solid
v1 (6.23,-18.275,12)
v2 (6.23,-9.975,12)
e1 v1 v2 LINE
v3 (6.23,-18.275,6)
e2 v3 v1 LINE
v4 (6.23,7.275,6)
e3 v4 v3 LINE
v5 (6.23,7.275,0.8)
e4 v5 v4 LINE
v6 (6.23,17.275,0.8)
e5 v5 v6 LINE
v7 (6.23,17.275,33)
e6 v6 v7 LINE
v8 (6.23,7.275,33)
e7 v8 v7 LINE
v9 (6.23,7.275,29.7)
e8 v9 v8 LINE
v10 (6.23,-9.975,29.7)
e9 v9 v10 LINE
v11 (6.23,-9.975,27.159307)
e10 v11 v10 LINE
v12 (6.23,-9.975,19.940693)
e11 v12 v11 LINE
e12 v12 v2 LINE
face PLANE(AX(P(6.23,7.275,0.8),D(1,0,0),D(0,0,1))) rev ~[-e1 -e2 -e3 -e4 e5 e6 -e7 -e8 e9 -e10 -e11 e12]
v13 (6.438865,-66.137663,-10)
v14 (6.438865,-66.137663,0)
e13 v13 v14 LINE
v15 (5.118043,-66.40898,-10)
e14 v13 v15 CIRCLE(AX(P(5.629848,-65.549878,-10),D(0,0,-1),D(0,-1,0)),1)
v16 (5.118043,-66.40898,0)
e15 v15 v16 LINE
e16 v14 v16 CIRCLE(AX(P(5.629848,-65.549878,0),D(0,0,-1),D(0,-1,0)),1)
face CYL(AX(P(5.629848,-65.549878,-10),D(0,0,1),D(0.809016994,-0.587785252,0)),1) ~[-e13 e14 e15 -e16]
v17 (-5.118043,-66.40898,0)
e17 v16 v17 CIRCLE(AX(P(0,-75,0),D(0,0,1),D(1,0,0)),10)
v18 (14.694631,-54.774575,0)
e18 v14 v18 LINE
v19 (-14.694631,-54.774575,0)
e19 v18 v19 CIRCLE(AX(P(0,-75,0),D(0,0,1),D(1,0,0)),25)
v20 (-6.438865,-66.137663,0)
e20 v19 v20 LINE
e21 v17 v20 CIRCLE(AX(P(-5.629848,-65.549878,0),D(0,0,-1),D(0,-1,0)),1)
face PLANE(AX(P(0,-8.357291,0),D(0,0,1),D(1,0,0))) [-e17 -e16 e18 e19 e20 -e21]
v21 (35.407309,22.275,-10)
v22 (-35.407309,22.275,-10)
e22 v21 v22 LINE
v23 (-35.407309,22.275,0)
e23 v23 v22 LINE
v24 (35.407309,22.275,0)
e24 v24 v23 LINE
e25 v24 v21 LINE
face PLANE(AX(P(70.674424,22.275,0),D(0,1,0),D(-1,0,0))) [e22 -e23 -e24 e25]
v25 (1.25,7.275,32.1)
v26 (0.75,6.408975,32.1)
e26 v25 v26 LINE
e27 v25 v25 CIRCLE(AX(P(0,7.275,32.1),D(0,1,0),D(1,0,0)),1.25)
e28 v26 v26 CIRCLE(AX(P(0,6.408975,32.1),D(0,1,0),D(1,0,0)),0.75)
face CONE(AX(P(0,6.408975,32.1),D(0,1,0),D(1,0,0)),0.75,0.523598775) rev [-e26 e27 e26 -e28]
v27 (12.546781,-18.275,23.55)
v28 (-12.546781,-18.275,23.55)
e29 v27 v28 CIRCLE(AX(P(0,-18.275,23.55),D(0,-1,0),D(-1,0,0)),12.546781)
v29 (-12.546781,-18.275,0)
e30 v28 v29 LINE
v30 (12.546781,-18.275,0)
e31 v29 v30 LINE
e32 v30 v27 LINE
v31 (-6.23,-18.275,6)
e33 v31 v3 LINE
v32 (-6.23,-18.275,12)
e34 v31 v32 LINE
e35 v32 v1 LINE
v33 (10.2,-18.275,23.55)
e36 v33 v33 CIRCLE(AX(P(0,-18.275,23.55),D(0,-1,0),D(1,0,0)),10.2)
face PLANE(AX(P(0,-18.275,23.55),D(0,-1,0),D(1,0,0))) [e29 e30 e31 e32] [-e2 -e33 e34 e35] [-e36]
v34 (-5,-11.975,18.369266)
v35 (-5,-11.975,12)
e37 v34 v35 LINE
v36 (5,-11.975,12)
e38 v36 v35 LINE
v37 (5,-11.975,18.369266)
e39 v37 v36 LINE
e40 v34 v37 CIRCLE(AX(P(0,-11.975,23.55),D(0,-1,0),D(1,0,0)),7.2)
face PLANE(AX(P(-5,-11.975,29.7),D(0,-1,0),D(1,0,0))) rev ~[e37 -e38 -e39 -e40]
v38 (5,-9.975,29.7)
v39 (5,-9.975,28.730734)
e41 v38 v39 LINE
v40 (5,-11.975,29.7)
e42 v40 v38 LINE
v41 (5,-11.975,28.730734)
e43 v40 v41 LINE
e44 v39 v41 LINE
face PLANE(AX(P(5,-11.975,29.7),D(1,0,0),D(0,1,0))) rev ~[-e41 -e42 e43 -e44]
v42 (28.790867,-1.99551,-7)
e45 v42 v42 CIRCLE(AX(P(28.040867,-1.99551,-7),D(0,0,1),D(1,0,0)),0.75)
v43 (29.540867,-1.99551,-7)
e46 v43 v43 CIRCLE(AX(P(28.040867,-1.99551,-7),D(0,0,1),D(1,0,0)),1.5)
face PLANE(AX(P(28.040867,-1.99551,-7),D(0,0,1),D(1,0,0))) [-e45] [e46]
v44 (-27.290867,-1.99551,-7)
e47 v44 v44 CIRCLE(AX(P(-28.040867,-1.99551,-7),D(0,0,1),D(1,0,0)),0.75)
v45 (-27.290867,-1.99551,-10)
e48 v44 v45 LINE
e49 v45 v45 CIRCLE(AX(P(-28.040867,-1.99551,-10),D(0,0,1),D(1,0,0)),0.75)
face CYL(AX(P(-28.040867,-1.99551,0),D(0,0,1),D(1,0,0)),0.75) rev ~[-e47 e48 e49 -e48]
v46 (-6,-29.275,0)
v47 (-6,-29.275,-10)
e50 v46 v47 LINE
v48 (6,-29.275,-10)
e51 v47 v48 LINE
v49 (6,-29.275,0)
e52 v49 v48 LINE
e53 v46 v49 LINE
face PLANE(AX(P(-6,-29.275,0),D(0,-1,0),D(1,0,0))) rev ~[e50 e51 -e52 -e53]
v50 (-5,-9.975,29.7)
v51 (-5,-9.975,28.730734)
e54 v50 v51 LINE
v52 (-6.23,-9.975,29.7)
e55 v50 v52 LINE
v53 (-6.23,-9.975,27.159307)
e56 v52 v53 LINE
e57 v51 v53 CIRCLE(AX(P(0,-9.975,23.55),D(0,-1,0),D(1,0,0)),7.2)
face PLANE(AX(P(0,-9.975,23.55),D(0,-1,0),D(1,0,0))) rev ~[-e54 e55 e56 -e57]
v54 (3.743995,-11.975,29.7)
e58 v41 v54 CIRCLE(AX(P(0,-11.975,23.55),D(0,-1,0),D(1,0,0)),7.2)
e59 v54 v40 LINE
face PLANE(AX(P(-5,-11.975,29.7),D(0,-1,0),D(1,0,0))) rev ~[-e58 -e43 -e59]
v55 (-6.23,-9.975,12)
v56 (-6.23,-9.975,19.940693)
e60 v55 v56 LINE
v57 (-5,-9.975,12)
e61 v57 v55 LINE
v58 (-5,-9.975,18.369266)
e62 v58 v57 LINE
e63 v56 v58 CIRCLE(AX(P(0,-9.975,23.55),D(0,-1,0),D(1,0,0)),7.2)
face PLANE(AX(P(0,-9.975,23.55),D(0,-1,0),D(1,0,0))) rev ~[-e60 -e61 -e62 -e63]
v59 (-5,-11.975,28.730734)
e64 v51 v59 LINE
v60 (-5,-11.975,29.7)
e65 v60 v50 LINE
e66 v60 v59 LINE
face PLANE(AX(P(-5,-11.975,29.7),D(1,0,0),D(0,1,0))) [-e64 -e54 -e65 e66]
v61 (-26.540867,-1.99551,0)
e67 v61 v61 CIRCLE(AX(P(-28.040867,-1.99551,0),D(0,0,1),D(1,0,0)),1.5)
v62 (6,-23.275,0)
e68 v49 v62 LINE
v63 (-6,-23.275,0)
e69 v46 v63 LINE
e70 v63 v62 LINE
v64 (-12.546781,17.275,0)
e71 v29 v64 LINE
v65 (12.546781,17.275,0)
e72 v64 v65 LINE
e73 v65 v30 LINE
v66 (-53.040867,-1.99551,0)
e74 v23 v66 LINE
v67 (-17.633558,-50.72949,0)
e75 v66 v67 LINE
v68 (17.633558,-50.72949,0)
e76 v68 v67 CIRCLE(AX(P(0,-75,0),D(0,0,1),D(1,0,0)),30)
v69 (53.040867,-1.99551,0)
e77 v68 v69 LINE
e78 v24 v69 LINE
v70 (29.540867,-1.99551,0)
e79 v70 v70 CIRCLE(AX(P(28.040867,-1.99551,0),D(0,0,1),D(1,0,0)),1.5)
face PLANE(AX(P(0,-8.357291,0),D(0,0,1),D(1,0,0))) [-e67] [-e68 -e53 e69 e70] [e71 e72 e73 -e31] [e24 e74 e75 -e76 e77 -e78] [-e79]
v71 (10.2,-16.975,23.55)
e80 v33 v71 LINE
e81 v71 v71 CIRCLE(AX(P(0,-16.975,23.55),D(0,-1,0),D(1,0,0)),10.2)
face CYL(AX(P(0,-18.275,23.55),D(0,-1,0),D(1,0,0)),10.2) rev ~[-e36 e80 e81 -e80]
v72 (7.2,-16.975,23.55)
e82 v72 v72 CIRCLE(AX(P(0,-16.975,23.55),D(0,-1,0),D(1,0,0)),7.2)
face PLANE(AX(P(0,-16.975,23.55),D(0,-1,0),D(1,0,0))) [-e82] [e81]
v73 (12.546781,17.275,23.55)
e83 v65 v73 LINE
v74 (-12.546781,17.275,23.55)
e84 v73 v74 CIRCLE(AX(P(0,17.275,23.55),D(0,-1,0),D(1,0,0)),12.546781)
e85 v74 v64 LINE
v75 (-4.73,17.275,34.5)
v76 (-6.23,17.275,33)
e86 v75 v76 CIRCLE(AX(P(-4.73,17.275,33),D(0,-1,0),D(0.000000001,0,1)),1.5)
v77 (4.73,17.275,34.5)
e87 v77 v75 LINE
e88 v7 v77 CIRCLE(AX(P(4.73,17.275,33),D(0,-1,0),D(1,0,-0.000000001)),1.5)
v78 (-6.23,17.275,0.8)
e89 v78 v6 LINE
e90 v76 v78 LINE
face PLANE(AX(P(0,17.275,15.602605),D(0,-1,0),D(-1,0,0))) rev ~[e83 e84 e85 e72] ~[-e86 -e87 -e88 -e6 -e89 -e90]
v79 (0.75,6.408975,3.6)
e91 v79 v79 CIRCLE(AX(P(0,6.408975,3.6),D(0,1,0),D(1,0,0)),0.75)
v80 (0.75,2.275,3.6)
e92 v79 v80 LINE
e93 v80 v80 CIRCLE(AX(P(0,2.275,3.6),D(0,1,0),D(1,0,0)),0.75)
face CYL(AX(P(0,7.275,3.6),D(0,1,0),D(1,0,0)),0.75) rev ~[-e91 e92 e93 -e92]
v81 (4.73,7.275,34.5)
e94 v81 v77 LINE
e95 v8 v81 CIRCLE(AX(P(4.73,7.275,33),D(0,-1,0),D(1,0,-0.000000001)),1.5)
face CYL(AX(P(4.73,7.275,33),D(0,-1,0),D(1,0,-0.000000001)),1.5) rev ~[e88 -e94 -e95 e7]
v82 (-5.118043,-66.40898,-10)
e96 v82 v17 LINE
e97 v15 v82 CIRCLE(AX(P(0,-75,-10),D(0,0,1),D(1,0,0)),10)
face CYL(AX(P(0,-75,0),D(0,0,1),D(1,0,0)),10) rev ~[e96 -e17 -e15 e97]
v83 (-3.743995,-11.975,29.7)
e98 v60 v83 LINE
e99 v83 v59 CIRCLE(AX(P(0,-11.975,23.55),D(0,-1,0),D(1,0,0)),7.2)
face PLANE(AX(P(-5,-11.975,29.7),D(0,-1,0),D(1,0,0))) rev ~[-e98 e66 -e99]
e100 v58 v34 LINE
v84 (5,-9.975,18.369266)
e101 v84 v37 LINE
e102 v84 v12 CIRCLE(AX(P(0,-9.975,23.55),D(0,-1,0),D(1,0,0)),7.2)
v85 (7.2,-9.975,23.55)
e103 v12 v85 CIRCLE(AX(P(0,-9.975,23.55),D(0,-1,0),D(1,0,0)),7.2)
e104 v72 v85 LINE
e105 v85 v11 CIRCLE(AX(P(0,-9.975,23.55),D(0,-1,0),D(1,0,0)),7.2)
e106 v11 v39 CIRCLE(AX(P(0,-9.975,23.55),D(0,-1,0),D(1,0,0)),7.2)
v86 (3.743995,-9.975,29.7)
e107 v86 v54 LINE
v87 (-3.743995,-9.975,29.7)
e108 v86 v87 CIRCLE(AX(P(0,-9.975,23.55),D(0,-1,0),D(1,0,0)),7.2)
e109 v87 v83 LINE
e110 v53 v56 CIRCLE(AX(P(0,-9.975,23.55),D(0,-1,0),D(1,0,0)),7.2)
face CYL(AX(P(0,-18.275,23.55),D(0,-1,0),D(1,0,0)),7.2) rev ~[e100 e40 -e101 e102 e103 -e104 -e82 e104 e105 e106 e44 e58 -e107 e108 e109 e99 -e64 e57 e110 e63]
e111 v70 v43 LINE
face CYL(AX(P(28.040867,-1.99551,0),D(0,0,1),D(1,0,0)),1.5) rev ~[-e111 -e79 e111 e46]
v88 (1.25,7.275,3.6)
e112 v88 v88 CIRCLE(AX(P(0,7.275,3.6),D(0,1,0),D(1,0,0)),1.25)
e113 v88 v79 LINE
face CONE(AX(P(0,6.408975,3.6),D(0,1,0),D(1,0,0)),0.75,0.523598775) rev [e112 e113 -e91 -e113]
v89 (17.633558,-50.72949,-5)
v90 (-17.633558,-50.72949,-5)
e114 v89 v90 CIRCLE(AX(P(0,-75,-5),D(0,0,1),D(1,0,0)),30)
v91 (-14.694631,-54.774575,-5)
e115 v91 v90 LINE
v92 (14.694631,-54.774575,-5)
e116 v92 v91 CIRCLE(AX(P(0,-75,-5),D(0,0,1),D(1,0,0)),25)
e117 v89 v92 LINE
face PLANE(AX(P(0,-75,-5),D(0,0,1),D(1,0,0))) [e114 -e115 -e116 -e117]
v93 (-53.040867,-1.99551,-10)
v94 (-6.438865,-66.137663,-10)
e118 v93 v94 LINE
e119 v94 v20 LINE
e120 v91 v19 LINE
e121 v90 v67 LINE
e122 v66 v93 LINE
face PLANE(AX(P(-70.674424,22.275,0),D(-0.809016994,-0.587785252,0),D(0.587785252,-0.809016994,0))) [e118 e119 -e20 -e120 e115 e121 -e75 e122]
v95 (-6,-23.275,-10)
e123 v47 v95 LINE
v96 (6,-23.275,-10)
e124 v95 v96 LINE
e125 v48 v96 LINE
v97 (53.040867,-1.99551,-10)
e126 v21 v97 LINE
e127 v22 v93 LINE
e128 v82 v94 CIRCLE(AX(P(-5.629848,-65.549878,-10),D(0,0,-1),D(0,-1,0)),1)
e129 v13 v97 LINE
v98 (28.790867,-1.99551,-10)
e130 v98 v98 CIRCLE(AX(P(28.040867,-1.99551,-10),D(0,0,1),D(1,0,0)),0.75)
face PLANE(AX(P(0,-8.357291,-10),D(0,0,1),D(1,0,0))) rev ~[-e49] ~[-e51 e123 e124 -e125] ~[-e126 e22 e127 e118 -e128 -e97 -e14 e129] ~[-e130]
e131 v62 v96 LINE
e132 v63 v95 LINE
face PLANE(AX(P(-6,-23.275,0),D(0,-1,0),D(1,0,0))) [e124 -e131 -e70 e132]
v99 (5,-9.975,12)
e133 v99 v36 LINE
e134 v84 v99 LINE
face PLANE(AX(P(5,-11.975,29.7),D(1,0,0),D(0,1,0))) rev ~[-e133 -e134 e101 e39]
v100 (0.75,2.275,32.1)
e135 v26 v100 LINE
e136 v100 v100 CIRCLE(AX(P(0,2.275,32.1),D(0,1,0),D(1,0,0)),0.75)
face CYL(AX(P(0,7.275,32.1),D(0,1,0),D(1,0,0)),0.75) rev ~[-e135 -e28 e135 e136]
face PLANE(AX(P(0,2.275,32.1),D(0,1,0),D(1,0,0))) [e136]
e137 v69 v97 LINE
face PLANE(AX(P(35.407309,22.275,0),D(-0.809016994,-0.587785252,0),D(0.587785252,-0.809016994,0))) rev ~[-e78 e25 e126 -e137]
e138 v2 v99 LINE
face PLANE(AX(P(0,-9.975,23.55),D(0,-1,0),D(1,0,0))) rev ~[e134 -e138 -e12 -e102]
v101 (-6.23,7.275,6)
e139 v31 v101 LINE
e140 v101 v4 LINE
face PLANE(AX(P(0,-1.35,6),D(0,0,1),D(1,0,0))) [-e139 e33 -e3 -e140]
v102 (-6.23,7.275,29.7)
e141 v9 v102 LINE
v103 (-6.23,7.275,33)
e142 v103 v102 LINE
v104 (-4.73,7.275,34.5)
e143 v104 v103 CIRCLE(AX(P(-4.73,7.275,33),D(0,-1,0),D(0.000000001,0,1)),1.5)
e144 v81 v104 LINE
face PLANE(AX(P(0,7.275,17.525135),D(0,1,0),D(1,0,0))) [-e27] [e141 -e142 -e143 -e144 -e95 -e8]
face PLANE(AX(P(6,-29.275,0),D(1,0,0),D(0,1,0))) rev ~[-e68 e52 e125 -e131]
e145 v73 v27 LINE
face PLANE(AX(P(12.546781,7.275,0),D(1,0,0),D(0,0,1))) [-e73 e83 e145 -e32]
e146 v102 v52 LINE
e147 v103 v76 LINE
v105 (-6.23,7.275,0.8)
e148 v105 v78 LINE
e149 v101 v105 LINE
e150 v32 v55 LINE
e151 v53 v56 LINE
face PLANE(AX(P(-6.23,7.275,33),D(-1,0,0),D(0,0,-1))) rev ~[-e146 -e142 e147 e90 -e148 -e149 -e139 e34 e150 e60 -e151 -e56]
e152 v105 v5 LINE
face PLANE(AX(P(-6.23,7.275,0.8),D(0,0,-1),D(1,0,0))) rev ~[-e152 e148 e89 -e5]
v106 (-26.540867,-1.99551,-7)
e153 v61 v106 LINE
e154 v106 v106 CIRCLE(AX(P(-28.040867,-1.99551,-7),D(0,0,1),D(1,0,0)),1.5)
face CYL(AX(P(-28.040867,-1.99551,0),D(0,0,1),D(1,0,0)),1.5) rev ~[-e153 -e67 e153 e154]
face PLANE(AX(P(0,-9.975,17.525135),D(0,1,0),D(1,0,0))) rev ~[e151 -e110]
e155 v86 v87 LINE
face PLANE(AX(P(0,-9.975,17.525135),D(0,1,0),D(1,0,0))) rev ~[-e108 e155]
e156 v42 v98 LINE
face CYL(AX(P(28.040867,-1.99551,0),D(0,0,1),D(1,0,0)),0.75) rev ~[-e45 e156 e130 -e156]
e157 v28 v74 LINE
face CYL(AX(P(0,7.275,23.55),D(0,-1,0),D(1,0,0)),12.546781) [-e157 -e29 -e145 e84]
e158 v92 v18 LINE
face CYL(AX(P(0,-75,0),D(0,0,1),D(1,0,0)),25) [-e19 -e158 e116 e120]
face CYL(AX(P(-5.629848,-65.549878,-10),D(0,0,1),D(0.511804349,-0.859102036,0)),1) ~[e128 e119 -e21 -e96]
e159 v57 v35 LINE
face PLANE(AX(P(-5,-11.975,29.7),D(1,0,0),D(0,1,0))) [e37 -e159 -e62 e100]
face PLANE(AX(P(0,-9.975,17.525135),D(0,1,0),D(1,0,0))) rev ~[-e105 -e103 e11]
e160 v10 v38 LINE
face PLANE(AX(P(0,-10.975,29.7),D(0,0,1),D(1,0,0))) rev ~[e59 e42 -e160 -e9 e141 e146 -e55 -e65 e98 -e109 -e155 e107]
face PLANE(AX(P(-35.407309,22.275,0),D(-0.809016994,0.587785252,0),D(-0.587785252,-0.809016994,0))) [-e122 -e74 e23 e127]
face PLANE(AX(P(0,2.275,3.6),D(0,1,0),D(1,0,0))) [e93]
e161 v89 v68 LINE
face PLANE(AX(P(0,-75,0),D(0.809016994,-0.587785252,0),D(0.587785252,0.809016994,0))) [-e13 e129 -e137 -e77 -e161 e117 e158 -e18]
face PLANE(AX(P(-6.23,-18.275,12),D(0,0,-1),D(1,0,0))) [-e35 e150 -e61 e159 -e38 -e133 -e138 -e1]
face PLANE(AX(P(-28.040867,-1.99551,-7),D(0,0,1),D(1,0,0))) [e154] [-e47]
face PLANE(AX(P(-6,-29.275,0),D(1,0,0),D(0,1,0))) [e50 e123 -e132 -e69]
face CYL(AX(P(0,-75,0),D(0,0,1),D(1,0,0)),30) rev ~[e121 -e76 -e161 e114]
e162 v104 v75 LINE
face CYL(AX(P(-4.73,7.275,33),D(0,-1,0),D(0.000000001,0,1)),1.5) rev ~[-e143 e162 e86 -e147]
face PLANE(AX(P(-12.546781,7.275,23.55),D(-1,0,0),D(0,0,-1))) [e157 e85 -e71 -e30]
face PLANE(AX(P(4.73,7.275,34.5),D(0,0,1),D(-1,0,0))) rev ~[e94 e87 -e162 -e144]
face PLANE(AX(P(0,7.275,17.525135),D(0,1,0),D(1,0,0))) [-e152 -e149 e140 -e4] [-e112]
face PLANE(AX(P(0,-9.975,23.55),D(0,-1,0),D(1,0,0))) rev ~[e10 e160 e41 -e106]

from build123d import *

# Parameters (mm, degrees)
SKETCH4_W                = 12.46
SKETCH4_H                = 17.25
BOSS_EXTRUDE3_DEPTH      = 6
SKETCH8_R                = 12.546781182
SKETCH8_R_2              = 11.15
BOSS_EXTRUDE6_DEPTH      = 8.3
BOSS_EXTRUDE6_DEPTH_BACK = 17.25
BOSS_EXTRUDE4_DEPTH      = 17.25
SKETCH6_R                = 0.75
CUT_EXTRUDE1_DEPTH       = 5
CHAMFER1_SIZE            = 0.5
CHAMFER1_SIZE2           = 0.866025404
SKETCH10_W               = 12.46
SKETCH10_H               = 23.7
CUT_EXTRUDE3_DEPTH       = 17.25
BOSS_EXTRUDE7_DEPTH      = 8.3
BOSS_EXTRUDE9_DEPTH      = 10
SKETCH16_R               = 11.15
SKETCH16_R_2             = 7.2
BOSS_EXTRUDE10_DEPTH     = 8.3
SKETCH17_R               = 10.2
SKETCH17_R_2             = 7.2
CUT_EXTRUDE5_DEPTH       = 1.3
SKETCH11_W               = 10
SKETCH11_H               = 2
CUT_EXTRUDE4_DEPTH       = 23.7
CUT_EXTRUDE7_REACH       = 37.55
SKETCH19_W               = 12.46
SKETCH19_H               = 6
OFFSET_R_DEPTH           = 10
SKETCH21_R               = 30
SKETCH21_R_2             = 25
CUT_EXTRUDE9_DEPTH       = 5
SKETCH22_W               = 12
SKETCH22_H               = 6
CUT_EXTRUDE10_DEPTH      = 11
SKETCH20_R               = 10
CUT_EXTRUDE8_DEPTH       = 10
FILLET1_R                = 1
CUT_EXTRUDE11_DEPTH      = 11
SKETCH24_R               = 0.75
CUT_EXTRUDE12_DEPTH      = 11
SKETCH25_R               = 1.5
CUT_EXTRUDE13_DEPTH      = 7


with BuildPart() as part:
    # Sketch4 → Boss-Extrude3 (new body)
    with BuildSketch(Plane.XY):
        with Locations((0, -1.35)):
            Rectangle(SKETCH4_W, SKETCH4_H)
    extrude(amount=BOSS_EXTRUDE3_DEPTH)



with BuildPart() as body_2:
    # Sketch8 → Boss-Extrude6 (new body, two sides)
    with BuildSketch(Plane(origin=(0, -9.975, 0), x_dir=(-1, 0, 0), z_dir=(0, -1, 0))) as boss_extrude6_sk:
        with Locations((0, -23.55)):
            Circle(SKETCH8_R)
        with Locations((0, -23.55)):
            Circle(SKETCH8_R_2, mode=Mode.SUBTRACT)
    extrude(amount=BOSS_EXTRUDE6_DEPTH)
    extrude(boss_extrude6_sk.sketch, amount=-BOSS_EXTRUDE6_DEPTH_BACK)


with BuildPart() as part_1:
    add(part.part)

    add(body_2.part)  # Boss-Extrude4 merges body 2
    # Sketch5 → Boss-Extrude4 (add)
    with BuildSketch(Plane(origin=(0, 7.275, 0), x_dir=(1, 0, 0), z_dir=(0, 1, 0))):
        with BuildLine():
            Line((12.546781182, -23.55), (12.546781182, 0))
            Line((12.546781182, 0), (6.23, 0))
            Line((6.23, 0), (6.23, -29.7))
            Line((6.23, -29.7), (-6.23, -29.7))
            Line((-6.23, -29.7), (-6.23, 0))
            Line((-6.23, 0), (-12.546781182, 0))
            Line((-12.546781182, 0), (-12.546781182, -23.55))
            ThreePointArc((-12.546781182, -23.55), (0, -36.096781182), (12.546781182, -23.55))
        make_face()
    extrude(amount=-BOSS_EXTRUDE4_DEPTH)

    # Sketch6 → Cut-Extrude1 (cut)
    with BuildSketch(Plane(origin=(0, 7.275, 0), x_dir=(1, 0, 0), z_dir=(0, 1, 0))):
        with Locations((0, -3.6)):
            Circle(SKETCH6_R)
        with Locations((0, -32.1)):
            Circle(SKETCH6_R)
    extrude(amount=-CUT_EXTRUDE1_DEPTH, mode=Mode.SUBTRACT)

    # Chamfer1
    chamfer1_edges = [part_1.edges().sort_by_distance(p)[0] for p in [
        (-0.75, 7.275, 3.6),
        (-0.75, 7.275, 32.1),
    ]]
    chamfer1_side = [part_1.faces().sort_by_distance(p)[0] for p in [
        (0, 7.275, 35.657160381),
    ]]
    chamfer(chamfer1_edges, length=CHAMFER1_SIZE, length2=CHAMFER1_SIZE2, reference=chamfer1_side[0])

    # Sketch10 → Cut-Extrude3 (cut)
    with BuildSketch(Plane(origin=(0, 7.275, 0), x_dir=(1, 0, 0), z_dir=(0, 1, 0))):
        with Locations((0, -17.85)):
            Rectangle(SKETCH10_W, SKETCH10_H)
    extrude(amount=-CUT_EXTRUDE3_DEPTH, mode=Mode.SUBTRACT)

    # Sketch13 → Boss-Extrude7 (add)
    with BuildSketch(Plane.XZ.offset(18.275)):
        with BuildLine():
            Line((-12.546781182, 23.55), (-12.546781182, 0))
            Line((-12.546781182, 0), (12.546781182, 0))
            Line((12.546781182, 0), (12.546781182, 23.55))
            ThreePointArc((12.546781182, 23.55), (0, 11.003218818), (-12.546781182, 23.55))
        make_face()
    extrude(amount=-BOSS_EXTRUDE7_DEPTH)

    # Sketch15 → Boss-Extrude9 (add)
    with BuildSketch(Plane(origin=(0, 7.275, 0), x_dir=(1, 0, 0), z_dir=(0, 1, 0))):
        with BuildLine():
            Line((-12.546781182, 0), (12.546781182, 0))
            Line((12.546781182, 0), (12.546781182, -23.55))
            ThreePointArc((12.546781182, -23.55), (0, -36.096781182), (-12.546781182, -23.55))
            Line((-12.546781182, -23.55), (-12.546781182, 0))
        make_face()
        with BuildLine():
            Line((-6.23, -0.8), (6.23, -0.8))
            Line((6.23, -0.8), (6.23, -33))
            ThreePointArc((6.23, -33), (5.790660172, -34.060660172), (4.73, -34.5))
            Line((4.73, -34.5), (-4.73, -34.5))
            ThreePointArc((-4.73, -34.5), (-5.790660172, -34.060660172), (-6.23, -33))
            Line((-6.23, -33), (-6.23, -0.8))
        make_face(mode=Mode.SUBTRACT)
    extrude(amount=BOSS_EXTRUDE9_DEPTH)

    # Sketch16 → Boss-Extrude10 (add)
    with BuildSketch(Plane.XZ.offset(18.275)):
        with Locations((0, 23.55)):
            Circle(SKETCH16_R)
        with Locations((0, 23.55)):
            Circle(SKETCH16_R_2, mode=Mode.SUBTRACT)
    extrude(amount=-BOSS_EXTRUDE10_DEPTH)

    # Sketch17 → Cut-Extrude5 (cut)
    with BuildSketch(Plane.XZ.offset(18.275)):
        with Locations((0, 23.55)):
            Circle(SKETCH17_R)
        with Locations((0, 23.55)):
            Circle(SKETCH17_R_2, mode=Mode.SUBTRACT)
    extrude(amount=-CUT_EXTRUDE5_DEPTH, mode=Mode.SUBTRACT)

    # Sketch11 → Cut-Extrude4 (cut)
    with BuildSketch(Plane.XY.offset(29.7)):
        with Locations((0, -10.975)):
            Rectangle(SKETCH11_W, SKETCH11_H)
    extrude(amount=-CUT_EXTRUDE4_DEPTH, mode=Mode.SUBTRACT)

    # Sketch19 → Cut-Extrude7 (cut, up to next)
    with BuildSketch(Plane.XZ.offset(18.275), mode=Mode.PRIVATE) as cut_extrude7_sk1:
        with Locations((0, 9)):
            Rectangle(SKETCH19_W, SKETCH19_H)
    cut_extrude7_tool1 = extrude(cut_extrude7_sk1.sketch, amount=-CUT_EXTRUDE7_REACH, mode=Mode.PRIVATE) & part_1.part
    add(cut_extrude7_tool1.solids().sort_by_distance((0, -18.275, 9))[0], mode=Mode.SUBTRACT)

    # Sketch1 → Offset R (add)
    with BuildSketch(Plane.XY):
        Polygon((0, -75), (70.674424412, 22.275), (-70.674424412, 22.275), align=None)
    extrude(amount=-OFFSET_R_DEPTH)

    # Sketch21 → Cut-Extrude9 (cut)
    with BuildSketch(Plane.XY):
        with Locations((0, -75)):
            Circle(SKETCH21_R)
        with Locations((0, -75)):
            Circle(SKETCH21_R_2, mode=Mode.SUBTRACT)
    extrude(amount=-CUT_EXTRUDE9_DEPTH, mode=Mode.SUBTRACT)

    # Sketch22 → Cut-Extrude10 (cut, through all)
    with BuildSketch(Plane.XY):
        with Locations((0, -26.275)):
            Rectangle(SKETCH22_W, SKETCH22_H)
    extrude(amount=-CUT_EXTRUDE10_DEPTH, mode=Mode.SUBTRACT)

    # Sketch20 → Cut-Extrude8 (cut)
    with BuildSketch(Plane.XY):
        with Locations((0, -75)):
            Circle(SKETCH20_R)
    extrude(amount=-CUT_EXTRUDE8_DEPTH, mode=Mode.SUBTRACT)

    # Fillet1
    fillet1_edges = [part_1.edges().sort_by_distance(p)[0] for p in [
        (5.877852523, -66.909830056, -5),
        (-5.877852523, -66.909830056, -5),
    ]]
    fillet(fillet1_edges, radius=FILLET1_R)

    # Sketch23 → Cut-Extrude11 (cut, through all)
    with BuildSketch(Plane.XY):
        Polygon((-35.407309274, 22.275), (-53.040866843, -1.995509831), (-70.674424412, 22.275), align=None)
        Polygon((70.674424412, 22.275), (35.407309274, 22.275), (53.040866843, -1.995509831), align=None)
    extrude(amount=-CUT_EXTRUDE11_DEPTH, mode=Mode.SUBTRACT)

    # Sketch24 → Cut-Extrude12 (cut, through all)
    with BuildSketch(Plane.XY):
        with Locations((-28.040866843, -1.995509831)):
            Circle(SKETCH24_R)
        with Locations((28.040866843, -1.995509831)):
            Circle(SKETCH24_R)
    extrude(amount=-CUT_EXTRUDE12_DEPTH, mode=Mode.SUBTRACT)

    # Sketch25 → Cut-Extrude13 (cut)
    with BuildSketch(Plane.XY):
        with Locations((-28.040866843, -1.995509831)):
            Circle(SKETCH25_R)
        with Locations((28.040866843, -1.995509831)):
            Circle(SKETCH25_R)
    extrude(amount=-CUT_EXTRUDE13_DEPTH, mode=Mode.SUBTRACT)


solid = part_1.part
